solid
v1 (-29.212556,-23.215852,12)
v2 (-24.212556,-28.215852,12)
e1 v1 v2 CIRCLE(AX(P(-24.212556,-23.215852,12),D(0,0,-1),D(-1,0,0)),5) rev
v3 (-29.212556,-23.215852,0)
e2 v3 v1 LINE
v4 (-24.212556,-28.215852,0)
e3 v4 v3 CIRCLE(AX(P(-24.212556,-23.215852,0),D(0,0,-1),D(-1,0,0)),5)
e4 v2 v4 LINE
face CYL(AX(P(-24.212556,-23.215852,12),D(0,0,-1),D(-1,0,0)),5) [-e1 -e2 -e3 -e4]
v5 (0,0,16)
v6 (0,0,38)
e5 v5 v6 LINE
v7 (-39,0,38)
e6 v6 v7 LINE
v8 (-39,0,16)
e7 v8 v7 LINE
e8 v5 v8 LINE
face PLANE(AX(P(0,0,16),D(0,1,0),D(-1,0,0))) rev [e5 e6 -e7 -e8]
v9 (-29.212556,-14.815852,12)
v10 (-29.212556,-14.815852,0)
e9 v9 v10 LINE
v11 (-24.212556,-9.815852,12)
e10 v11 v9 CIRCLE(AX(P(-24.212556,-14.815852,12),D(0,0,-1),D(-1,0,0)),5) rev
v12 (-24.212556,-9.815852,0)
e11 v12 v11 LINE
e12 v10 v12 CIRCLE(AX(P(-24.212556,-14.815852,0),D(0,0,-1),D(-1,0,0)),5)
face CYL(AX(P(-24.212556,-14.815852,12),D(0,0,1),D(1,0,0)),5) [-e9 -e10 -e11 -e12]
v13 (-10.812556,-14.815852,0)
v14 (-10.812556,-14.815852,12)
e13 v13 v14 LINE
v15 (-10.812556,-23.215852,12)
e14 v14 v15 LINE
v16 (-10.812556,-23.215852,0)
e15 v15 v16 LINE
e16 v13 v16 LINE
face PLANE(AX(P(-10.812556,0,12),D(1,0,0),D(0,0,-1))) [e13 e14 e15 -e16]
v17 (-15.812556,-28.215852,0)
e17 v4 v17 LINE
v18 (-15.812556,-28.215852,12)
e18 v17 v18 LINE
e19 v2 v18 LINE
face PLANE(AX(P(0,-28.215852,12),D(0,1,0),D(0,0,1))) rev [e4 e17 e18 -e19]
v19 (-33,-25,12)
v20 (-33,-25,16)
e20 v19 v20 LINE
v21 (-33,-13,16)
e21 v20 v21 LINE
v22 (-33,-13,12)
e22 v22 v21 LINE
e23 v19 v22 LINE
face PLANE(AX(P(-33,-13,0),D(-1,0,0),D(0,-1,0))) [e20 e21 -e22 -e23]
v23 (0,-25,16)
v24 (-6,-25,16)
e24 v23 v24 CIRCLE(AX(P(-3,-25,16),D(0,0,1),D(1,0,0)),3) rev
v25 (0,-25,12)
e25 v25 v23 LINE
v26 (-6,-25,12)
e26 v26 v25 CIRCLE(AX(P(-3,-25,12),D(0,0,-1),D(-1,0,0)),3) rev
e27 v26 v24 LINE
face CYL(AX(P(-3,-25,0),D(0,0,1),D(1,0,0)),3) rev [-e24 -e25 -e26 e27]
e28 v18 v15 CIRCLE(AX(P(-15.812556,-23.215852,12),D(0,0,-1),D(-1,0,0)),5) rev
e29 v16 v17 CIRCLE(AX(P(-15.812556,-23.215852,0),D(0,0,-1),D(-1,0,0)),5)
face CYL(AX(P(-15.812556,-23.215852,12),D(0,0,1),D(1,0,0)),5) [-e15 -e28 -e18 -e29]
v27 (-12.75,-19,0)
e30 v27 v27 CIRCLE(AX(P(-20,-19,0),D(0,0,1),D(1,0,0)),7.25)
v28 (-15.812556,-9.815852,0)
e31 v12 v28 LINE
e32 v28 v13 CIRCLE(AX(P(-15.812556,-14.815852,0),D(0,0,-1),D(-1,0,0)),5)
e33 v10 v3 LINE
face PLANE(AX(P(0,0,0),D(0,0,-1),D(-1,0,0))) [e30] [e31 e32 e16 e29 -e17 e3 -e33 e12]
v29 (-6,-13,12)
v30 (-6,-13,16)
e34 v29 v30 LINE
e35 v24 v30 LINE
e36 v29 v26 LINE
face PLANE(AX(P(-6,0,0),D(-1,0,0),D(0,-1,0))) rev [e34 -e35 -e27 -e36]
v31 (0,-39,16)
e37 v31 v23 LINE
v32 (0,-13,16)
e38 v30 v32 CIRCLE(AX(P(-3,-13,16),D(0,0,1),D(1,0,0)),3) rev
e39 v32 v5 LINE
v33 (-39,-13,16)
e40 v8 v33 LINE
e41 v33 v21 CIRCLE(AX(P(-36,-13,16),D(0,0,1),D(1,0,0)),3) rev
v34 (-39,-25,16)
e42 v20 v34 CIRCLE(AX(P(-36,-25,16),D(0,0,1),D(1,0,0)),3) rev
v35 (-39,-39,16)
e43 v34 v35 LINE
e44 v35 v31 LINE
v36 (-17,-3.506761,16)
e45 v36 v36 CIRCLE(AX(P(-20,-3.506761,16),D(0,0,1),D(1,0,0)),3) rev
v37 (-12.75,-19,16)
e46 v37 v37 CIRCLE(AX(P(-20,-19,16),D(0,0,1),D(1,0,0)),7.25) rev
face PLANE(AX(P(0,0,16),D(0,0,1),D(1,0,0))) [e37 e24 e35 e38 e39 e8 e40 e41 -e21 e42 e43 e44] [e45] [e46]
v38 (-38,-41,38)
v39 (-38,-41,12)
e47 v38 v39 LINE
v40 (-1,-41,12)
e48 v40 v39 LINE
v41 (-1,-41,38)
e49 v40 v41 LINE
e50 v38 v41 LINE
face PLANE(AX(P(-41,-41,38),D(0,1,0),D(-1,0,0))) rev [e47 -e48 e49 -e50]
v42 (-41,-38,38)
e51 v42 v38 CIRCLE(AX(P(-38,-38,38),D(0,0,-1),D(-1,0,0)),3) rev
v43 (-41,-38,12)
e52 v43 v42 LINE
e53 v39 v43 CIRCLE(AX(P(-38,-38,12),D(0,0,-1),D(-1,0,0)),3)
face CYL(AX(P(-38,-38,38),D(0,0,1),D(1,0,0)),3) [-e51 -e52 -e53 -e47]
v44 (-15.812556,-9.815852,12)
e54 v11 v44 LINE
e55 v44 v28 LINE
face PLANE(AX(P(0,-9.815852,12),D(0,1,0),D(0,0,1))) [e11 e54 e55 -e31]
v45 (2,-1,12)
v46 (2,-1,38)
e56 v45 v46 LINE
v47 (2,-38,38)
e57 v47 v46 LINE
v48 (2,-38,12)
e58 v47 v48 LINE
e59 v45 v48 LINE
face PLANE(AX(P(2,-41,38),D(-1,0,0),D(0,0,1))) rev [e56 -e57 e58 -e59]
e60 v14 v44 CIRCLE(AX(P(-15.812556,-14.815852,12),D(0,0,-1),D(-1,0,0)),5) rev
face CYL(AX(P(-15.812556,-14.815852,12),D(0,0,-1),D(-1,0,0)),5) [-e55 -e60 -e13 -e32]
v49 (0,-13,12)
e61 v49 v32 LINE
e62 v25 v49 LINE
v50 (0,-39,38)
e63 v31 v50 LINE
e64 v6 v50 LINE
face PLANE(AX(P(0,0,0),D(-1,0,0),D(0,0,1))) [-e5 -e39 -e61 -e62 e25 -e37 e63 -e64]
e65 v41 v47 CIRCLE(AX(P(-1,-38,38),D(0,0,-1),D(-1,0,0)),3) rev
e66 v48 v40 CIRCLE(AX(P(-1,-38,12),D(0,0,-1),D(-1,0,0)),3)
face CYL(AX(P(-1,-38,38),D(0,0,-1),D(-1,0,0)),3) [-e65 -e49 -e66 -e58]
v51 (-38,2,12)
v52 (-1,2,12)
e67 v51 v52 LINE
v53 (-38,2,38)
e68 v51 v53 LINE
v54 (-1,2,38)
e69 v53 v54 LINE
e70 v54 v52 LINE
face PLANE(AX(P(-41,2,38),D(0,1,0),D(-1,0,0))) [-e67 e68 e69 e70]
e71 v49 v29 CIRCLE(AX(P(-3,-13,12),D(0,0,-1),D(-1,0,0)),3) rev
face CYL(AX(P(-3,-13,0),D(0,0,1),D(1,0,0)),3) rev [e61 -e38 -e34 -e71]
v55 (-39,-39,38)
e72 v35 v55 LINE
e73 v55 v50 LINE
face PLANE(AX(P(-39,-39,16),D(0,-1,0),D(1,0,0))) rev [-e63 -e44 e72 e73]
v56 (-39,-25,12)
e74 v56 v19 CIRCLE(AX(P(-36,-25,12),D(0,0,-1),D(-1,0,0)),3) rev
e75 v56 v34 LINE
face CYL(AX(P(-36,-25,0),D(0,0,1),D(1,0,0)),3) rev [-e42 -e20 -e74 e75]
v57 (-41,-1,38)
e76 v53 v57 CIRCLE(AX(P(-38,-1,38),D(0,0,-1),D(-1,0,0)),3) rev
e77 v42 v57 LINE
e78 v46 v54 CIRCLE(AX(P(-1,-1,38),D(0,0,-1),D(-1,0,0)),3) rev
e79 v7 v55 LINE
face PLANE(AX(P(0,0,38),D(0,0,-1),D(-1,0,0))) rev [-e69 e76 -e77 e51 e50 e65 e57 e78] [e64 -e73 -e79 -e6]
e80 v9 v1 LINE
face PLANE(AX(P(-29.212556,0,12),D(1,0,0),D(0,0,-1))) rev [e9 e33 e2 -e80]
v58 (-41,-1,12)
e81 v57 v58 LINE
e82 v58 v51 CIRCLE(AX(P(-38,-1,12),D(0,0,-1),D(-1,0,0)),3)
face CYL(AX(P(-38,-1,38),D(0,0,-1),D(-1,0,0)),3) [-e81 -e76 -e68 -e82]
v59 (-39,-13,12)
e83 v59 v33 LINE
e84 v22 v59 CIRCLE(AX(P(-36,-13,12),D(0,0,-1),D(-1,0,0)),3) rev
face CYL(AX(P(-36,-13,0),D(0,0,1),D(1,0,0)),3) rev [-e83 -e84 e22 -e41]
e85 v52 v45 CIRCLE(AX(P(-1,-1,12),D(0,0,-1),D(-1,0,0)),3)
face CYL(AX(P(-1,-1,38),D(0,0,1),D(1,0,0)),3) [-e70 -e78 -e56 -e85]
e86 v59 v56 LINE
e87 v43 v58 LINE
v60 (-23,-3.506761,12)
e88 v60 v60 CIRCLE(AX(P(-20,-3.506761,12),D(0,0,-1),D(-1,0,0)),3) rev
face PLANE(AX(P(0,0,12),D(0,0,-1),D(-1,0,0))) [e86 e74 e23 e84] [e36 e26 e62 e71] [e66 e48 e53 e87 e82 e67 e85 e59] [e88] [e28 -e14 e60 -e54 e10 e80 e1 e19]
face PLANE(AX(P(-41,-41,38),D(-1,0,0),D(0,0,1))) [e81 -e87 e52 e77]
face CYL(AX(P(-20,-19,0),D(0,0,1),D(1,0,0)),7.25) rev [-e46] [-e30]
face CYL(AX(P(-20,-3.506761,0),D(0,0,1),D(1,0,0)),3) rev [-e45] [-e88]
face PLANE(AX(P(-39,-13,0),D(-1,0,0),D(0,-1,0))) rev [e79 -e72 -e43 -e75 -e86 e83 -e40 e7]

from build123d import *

# Parameters (mm, degrees)
SKETCH1_W           = 43
SKETCH1_H           = 43
BOSS_EXTRUDE1_DEPTH = 38
SKETCH3_R           = 3
SKETCH3_R_2         = 7.25
CUT_EXTRUDE4_DEPTH  = 38
SKETCH6_W           = 39
SKETCH6_H           = 39
CUT_EXTRUDE5_DEPTH  = 22
CUT_EXTRUDE8_START  = -12
SKETCH7_W           = 43
SKETCH7_H           = 43
SKETCH7_R           = 3
SKETCH7_W_2         = 18.4
SKETCH7_H_2         = 18.4
CUT_EXTRUDE8_DEPTH  = 12
FILLET2_R           = 5
FILLET3_R           = 3


with BuildPart() as part:
    # Sketch1 → Boss-Extrude1 (new body)
    with BuildSketch(Plane(origin=(0, 0, 0), x_dir=(0, 1, 0), z_dir=(0, 0, 1))):
        with Locations((-19.5, 19.5)):
            Rectangle(SKETCH1_W, SKETCH1_H)
    extrude(amount=BOSS_EXTRUDE1_DEPTH)

    # Sketch3 → Cut-Extrude4 (cut)
    with BuildSketch(Plane.XY.offset(38)):
        with Locations((-20, -3.506761261)):
            Circle(SKETCH3_R)
        with Locations((-20, -19)):
            Circle(SKETCH3_R_2)
        with BuildLine():
            Line((-6, -13), (-6, -25))
            ThreePointArc((-6, -25), (-3, -28), (0, -25))
            Line((0, -25), (0, -13))
            ThreePointArc((0, -13), (-3, -10), (-6, -13))
        make_face()
        with BuildLine():
            Line((-33, -13), (-33, -25))
            ThreePointArc((-33, -25), (-36, -28), (-39, -25))
            Line((-39, -25), (-39, -13))
            ThreePointArc((-39, -13), (-36, -10), (-33, -13))
        make_face()
    extrude(amount=-CUT_EXTRUDE4_DEPTH, mode=Mode.SUBTRACT)

    # Sketch6 → Cut-Extrude5 (cut)
    with BuildSketch(Plane.XY.offset(38)):
        with Locations((-19.5, -19.5)):
            Rectangle(SKETCH6_W, SKETCH6_H)
    extrude(amount=-CUT_EXTRUDE5_DEPTH, mode=Mode.SUBTRACT)

    # Sketch7 → Cut-Extrude8 (cut)
    with BuildSketch(Plane(origin=(0, 0, 0), x_dir=(1, 0, 0), z_dir=(0, 0, -1)).offset(CUT_EXTRUDE8_START)):
        with Locations((-19.5, 19.5)):
            Rectangle(SKETCH7_W, SKETCH7_H)
        with Locations((-20, 3.506761261)):
            Circle(SKETCH7_R, mode=Mode.SUBTRACT)
        with Locations((-20.012556467, 19.015852406)):
            Rectangle(SKETCH7_W_2, SKETCH7_H_2, mode=Mode.SUBTRACT)
        with BuildLine():
            Line((-33, 25), (-33, 13))
            ThreePointArc((-33, 13), (-36, 10), (-39, 13))
            Line((-39, 13), (-39, 25))
            ThreePointArc((-39, 25), (-36, 28), (-33, 25))
        make_face(mode=Mode.SUBTRACT)
        with BuildLine():
            ThreePointArc((0, 13), (-3, 10), (-6, 13))
            Line((-6, 13), (-6, 25))
            ThreePointArc((-6, 25), (-3, 28), (0, 25))
            Line((0, 25), (0, 13))
        make_face(mode=Mode.SUBTRACT)
    extrude(amount=CUT_EXTRUDE8_DEPTH, mode=Mode.SUBTRACT)

    # Fillet2
    fillet2_edges = [part.edges().sort_by_distance(p)[0] for p in [
        (-10.812556467, -9.815852406, 6),
        (-10.812556467, -28.215852406, 6),
        (-29.212556467, -28.215852406, 6),
        (-29.212556467, -9.815852406, 6),
    ]]
    fillet(fillet2_edges, radius=FILLET2_R)

    # Fillet3
    fillet3_edges = [part.edges().sort_by_distance(p)[0] for p in [
        (-41, -41, 25),
        (2, -41, 25),
        (2, 2, 25),
        (-41, 2, 25),
    ]]
    fillet(fillet3_edges, radius=FILLET3_R)


solid = part.part
